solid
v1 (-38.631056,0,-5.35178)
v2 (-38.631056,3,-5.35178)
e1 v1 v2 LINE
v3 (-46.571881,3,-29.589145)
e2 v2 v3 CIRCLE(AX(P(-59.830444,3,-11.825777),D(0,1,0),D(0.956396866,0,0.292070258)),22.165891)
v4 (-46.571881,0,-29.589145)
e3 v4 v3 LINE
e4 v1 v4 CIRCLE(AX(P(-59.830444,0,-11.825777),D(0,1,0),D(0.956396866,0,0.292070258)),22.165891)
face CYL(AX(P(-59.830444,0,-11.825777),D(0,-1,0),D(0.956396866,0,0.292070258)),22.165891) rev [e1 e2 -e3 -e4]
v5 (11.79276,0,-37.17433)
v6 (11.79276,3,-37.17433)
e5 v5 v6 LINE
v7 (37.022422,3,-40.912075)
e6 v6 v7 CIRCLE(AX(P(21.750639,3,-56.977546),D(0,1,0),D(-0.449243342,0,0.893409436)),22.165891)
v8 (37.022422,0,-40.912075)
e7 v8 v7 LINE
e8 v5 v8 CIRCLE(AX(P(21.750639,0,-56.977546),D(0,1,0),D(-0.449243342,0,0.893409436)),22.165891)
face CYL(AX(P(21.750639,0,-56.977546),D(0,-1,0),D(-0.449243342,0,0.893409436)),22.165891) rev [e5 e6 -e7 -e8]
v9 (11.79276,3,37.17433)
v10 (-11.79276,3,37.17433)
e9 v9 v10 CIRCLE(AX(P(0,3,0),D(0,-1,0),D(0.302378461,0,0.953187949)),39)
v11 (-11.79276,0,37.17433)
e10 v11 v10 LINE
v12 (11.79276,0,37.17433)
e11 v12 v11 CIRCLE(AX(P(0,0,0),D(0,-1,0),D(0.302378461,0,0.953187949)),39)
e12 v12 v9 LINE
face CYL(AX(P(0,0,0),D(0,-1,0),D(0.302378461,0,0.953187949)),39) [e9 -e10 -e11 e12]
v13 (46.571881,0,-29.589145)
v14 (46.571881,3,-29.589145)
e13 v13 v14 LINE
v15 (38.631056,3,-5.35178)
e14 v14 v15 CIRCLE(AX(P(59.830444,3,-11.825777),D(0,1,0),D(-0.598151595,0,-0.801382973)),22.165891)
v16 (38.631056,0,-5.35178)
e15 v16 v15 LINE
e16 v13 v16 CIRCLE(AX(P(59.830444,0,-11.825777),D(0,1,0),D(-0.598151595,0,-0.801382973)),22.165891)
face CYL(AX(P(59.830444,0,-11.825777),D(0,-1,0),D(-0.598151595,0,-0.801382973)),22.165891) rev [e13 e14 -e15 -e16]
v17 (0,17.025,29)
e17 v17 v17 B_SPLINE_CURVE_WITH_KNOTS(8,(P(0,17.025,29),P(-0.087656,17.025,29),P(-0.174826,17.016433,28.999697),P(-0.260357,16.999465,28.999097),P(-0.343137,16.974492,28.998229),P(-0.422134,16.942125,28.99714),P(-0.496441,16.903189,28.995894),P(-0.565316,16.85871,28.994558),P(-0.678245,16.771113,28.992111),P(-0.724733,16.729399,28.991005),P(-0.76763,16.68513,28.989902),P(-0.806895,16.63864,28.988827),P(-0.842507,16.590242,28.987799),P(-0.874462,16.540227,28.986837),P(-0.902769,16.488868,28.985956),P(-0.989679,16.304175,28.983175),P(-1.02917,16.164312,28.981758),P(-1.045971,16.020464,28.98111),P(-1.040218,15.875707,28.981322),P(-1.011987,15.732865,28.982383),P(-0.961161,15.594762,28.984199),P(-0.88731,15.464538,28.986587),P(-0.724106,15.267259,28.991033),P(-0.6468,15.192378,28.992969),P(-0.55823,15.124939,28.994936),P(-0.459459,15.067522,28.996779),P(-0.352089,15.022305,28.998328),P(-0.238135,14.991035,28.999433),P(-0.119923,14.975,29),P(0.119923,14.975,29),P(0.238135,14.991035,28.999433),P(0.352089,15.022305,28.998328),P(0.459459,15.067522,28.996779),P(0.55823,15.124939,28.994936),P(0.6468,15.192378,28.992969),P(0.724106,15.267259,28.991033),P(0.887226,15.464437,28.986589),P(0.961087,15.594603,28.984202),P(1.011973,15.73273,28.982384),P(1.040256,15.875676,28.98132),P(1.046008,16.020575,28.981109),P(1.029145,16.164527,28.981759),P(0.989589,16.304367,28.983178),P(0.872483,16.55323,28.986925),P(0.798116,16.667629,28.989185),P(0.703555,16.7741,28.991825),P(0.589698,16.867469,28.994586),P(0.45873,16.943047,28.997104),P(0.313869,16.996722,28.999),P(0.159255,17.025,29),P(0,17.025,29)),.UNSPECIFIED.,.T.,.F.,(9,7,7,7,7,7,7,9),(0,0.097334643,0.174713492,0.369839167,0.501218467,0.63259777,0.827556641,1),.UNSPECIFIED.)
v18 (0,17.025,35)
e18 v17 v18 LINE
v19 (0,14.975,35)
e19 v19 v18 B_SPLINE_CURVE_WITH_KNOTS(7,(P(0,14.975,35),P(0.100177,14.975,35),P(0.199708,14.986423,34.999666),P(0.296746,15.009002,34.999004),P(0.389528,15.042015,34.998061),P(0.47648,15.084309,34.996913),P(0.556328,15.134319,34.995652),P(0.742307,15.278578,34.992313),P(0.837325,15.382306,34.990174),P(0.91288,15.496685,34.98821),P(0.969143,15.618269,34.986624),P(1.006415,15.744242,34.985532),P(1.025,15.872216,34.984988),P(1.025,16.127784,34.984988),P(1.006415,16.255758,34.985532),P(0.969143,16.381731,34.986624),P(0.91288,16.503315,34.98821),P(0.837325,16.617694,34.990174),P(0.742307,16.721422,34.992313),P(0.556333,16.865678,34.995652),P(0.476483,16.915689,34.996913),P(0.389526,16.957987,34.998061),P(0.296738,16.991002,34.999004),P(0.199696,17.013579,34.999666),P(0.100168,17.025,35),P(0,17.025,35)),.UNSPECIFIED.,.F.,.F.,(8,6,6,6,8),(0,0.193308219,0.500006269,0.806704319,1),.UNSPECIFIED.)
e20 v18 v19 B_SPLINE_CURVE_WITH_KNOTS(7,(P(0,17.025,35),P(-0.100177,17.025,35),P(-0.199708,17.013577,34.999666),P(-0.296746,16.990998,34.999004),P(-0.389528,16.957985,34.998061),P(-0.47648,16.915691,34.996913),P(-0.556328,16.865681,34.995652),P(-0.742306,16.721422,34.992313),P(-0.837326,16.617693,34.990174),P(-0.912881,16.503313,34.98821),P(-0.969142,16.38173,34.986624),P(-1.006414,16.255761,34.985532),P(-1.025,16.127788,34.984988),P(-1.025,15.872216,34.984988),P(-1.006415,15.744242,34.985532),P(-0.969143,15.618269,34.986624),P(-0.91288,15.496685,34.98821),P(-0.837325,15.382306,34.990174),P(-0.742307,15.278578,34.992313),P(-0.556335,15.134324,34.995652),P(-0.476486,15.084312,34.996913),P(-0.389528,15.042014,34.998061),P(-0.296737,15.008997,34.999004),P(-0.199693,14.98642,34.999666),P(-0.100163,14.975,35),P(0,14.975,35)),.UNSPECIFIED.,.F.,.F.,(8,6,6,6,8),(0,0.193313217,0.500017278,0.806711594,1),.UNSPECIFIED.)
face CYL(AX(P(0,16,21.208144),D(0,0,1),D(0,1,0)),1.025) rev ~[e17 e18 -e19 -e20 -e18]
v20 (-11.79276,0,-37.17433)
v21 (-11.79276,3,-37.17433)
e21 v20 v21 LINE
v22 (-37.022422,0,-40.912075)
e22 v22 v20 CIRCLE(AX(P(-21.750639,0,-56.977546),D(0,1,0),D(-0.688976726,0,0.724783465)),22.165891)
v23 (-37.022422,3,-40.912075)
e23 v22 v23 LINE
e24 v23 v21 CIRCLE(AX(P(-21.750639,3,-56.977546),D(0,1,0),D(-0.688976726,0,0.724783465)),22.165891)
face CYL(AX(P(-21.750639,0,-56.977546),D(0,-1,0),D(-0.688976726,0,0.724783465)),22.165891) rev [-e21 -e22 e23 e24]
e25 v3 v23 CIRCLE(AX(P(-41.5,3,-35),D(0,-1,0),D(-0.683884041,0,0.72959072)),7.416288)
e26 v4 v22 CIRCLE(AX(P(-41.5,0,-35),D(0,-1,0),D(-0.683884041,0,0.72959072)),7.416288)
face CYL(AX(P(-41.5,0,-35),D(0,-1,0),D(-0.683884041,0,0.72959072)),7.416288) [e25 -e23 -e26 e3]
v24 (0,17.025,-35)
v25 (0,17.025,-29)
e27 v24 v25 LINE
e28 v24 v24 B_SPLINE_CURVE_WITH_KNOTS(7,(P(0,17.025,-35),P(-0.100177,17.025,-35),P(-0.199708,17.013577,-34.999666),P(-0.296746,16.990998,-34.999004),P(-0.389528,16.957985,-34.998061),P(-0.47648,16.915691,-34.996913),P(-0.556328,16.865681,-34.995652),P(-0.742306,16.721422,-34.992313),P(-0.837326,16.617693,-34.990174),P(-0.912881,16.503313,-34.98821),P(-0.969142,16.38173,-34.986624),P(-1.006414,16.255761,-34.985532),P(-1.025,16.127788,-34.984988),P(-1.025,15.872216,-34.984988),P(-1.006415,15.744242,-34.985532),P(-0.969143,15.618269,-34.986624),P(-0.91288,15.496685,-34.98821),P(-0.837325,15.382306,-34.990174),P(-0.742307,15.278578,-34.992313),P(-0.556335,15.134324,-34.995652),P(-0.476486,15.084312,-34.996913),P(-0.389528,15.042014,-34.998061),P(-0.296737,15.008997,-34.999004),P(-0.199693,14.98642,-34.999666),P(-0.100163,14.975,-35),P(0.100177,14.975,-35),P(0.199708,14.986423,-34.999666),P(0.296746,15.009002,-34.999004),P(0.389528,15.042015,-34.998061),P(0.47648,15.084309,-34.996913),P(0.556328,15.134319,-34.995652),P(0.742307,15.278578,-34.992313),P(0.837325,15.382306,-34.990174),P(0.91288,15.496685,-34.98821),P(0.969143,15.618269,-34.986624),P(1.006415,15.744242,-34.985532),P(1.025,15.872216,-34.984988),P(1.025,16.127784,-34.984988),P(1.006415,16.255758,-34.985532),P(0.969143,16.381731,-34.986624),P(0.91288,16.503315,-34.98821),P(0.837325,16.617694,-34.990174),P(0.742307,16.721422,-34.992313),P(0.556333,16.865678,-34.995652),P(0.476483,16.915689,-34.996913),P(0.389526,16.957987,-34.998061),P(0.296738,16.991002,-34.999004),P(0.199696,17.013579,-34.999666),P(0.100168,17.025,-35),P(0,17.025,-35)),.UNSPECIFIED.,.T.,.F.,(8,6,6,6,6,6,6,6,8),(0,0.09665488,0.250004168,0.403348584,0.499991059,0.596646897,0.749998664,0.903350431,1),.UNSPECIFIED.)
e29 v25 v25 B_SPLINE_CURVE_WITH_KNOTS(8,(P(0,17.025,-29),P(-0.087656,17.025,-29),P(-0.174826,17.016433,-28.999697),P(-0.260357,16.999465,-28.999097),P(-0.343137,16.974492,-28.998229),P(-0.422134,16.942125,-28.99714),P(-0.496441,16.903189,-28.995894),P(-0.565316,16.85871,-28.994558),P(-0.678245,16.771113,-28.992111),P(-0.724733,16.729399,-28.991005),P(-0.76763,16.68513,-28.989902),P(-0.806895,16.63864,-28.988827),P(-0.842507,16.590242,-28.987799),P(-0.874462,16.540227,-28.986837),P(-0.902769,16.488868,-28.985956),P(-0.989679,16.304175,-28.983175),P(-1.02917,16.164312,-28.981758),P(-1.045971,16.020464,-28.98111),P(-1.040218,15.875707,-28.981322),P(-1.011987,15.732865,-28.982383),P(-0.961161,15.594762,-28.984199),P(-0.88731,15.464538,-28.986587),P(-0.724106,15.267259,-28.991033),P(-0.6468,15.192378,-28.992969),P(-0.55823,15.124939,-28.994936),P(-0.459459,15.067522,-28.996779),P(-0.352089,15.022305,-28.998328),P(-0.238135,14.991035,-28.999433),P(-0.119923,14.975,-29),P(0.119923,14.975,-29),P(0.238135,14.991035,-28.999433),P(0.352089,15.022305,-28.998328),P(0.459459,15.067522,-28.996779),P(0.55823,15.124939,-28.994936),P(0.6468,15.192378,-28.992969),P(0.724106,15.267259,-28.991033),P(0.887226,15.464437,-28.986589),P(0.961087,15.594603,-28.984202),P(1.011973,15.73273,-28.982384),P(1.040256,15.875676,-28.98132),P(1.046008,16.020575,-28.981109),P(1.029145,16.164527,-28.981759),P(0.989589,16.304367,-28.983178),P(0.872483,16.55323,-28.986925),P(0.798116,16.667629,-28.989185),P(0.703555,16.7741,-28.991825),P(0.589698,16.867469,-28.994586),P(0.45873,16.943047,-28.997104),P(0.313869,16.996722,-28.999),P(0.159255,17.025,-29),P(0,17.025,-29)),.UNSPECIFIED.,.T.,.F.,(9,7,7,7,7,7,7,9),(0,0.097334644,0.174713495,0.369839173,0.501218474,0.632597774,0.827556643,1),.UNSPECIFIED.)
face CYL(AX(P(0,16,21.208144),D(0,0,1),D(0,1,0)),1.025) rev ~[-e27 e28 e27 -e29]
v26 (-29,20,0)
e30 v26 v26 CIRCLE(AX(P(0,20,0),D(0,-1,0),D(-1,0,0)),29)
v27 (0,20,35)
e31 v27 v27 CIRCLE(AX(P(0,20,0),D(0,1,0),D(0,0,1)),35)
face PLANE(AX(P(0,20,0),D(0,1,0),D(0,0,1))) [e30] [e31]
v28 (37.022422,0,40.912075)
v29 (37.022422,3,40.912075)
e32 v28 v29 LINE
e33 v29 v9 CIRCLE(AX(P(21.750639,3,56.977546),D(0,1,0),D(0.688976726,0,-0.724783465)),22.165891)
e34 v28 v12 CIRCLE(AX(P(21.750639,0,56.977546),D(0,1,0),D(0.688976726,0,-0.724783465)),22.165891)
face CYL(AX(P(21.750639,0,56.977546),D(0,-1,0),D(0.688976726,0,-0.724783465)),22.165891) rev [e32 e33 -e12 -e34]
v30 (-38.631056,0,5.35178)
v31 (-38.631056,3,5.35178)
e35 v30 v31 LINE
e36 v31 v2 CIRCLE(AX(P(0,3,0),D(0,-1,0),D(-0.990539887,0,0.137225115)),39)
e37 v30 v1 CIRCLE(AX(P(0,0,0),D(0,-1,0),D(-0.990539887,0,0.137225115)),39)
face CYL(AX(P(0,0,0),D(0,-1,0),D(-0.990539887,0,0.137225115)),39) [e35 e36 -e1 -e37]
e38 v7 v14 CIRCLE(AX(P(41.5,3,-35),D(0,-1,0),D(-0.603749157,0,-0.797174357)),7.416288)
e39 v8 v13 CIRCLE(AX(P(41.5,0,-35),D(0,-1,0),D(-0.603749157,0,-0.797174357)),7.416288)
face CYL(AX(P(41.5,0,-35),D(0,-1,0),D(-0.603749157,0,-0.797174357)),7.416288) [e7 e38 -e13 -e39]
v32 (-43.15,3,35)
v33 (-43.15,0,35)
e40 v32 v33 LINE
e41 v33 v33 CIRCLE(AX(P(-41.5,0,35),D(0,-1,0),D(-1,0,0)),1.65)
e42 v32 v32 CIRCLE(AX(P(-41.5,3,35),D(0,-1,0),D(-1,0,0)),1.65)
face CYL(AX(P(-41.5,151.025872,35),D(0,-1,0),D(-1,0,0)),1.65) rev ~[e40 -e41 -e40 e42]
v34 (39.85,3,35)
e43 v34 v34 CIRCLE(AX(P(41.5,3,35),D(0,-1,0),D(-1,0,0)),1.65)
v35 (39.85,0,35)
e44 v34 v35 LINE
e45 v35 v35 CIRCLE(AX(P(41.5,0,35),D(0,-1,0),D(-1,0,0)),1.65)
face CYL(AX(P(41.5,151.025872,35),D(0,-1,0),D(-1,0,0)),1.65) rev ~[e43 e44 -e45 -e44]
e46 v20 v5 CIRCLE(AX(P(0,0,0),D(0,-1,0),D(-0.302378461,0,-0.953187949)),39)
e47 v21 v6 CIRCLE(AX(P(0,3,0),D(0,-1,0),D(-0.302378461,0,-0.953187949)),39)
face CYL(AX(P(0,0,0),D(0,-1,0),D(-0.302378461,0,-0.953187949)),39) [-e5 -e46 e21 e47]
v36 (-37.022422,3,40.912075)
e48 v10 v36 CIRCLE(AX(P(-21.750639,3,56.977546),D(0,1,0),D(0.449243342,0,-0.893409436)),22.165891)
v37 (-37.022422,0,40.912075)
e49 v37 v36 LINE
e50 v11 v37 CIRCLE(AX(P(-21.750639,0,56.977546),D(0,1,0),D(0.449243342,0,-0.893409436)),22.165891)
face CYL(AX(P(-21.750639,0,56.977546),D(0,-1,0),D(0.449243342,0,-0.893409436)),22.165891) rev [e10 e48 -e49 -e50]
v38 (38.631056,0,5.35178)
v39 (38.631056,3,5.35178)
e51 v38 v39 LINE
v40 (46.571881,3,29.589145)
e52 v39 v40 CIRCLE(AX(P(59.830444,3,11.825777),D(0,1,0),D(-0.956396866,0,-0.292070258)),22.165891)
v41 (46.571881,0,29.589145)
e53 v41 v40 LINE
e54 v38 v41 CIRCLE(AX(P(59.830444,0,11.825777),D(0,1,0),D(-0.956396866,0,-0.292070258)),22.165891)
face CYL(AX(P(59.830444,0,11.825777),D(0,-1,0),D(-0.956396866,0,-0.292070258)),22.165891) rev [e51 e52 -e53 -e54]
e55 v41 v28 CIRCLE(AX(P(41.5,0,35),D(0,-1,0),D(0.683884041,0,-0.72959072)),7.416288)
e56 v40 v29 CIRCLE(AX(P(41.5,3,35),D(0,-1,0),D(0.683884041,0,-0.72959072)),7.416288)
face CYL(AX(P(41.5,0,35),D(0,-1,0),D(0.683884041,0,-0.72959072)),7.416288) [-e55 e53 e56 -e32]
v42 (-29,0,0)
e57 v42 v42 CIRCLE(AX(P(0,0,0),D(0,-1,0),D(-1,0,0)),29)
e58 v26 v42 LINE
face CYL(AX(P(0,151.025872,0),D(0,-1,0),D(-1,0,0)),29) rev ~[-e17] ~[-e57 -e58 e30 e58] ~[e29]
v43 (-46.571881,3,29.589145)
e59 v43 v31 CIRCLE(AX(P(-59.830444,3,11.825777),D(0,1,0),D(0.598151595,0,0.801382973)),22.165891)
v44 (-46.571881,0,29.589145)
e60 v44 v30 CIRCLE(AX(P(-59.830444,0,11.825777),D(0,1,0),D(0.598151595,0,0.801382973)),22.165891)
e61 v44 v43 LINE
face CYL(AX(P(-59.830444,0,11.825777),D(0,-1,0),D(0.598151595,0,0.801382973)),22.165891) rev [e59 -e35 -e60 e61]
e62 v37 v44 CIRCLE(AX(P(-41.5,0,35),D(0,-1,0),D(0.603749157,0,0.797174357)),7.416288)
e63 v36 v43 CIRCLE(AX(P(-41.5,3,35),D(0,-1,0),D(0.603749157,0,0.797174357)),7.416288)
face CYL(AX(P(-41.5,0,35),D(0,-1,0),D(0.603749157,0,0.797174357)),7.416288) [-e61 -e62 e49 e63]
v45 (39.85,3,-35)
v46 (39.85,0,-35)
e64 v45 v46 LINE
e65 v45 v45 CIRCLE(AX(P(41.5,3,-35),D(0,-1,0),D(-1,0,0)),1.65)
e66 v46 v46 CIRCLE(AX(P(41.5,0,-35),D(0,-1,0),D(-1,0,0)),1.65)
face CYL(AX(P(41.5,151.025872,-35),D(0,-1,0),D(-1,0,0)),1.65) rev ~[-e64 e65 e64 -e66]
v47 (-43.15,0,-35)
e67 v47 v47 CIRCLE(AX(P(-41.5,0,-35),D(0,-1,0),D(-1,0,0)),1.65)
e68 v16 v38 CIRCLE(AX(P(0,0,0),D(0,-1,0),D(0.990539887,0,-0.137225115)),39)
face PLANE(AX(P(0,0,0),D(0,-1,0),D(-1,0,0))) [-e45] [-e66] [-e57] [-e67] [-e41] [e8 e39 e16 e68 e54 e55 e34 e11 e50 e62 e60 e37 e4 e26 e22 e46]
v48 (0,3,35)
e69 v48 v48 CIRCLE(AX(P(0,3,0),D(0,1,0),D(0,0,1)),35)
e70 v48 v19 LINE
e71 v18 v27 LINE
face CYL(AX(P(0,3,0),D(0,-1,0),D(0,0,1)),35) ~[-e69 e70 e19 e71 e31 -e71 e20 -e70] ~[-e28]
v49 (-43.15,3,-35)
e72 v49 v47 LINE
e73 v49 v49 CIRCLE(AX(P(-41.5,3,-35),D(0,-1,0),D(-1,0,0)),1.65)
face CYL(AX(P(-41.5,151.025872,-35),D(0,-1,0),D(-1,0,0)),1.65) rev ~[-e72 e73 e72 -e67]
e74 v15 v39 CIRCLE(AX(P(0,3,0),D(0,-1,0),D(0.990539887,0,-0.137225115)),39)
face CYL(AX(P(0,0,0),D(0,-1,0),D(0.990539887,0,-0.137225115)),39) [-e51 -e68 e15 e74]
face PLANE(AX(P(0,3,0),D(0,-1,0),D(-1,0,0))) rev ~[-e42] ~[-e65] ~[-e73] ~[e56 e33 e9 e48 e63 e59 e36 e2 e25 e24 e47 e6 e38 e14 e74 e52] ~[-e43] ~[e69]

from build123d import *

# Parameters (mm, degrees)
EXTRUDE_2_DEPTH     = 3
SKETCH_2_R          = 35
EXTRUDE_3_DEPTH     = 17
SKETCH_10_W         = 1.025
SKETCH_10_H         = 42.416288383
HOLE_WIZARD_M4_2_D  = 3.3
HOLE_WIZARD_M64_1_D = 58


with BuildPart() as part:
    # 草图1 → 凸台-拉伸2 (new body)
    with BuildSketch(Plane(origin=(0, 0, 0), x_dir=(1, 0, 0), z_dir=(0, 1, 0))):
        with BuildLine():
            ThreePointArc((37.022422142, 40.912074924), (47.169257948, 39.781301884), (46.571881267, 29.589144819))
            ThreePointArc((46.571881267, 29.589144819), (38.766254834, 18.72698333), (38.631055592, 5.351779505))
            ThreePointArc((38.631055592, 5.351779505), (39, 0), (38.631055592, -5.351779505))
            ThreePointArc((38.631055592, -5.351779505), (38.766254834, -18.72698333), (46.571881267, -29.589144819))
            ThreePointArc((46.571881267, -29.589144819), (47.169257948, -39.781301884), (37.022422142, -40.912074924))
            ThreePointArc((37.022422142, -40.912074924), (24.999035301, -35.050972205), (11.792759981, -37.174330014))
            ThreePointArc((11.792759981, -37.174330014), (0, -39), (-11.792759981, -37.174330014))
            ThreePointArc((-11.792759981, -37.174330014), (-24.999035301, -35.050972205), (-37.022422142, -40.912074924))
            ThreePointArc((-37.022422142, -40.912074924), (-47.169257948, -39.781301884), (-46.571881267, -29.589144819))
            ThreePointArc((-46.571881267, -29.589144819), (-38.766254834, -18.72698333), (-38.631055592, -5.351779505))
            ThreePointArc((-38.631055592, -5.351779505), (-39, 0), (-38.631055592, 5.351779505))
            ThreePointArc((-38.631055592, 5.351779505), (-38.766254834, 18.72698333), (-46.571881267, 29.589144819))
            ThreePointArc((-46.571881267, 29.589144819), (-47.169257948, 39.781301884), (-37.022422142, 40.912074924))
            ThreePointArc((-37.022422142, 40.912074924), (-24.999035301, 35.050972205), (-11.792759981, 37.174330014))
            ThreePointArc((-11.792759981, 37.174330014), (0, 39), (11.792759981, 37.174330014))
            ThreePointArc((11.792759981, 37.174330014), (24.999035301, 35.050972205), (37.022422142, 40.912074924))
        make_face()
    extrude(amount=EXTRUDE_2_DEPTH)

    # 草图2 → 凸台-拉伸3 (add)
    with BuildSketch(Plane(origin=(0, 3, 0), x_dir=(1, 0, 0), z_dir=(0, 1, 0))):
        with Locations(Location((0, 0, 0), (0, 0, 270))):
            Circle(SKETCH_2_R)
    extrude(amount=EXTRUDE_3_DEPTH)

    # 草图10 → M2.5 螺纹孔1 (revolve, cut)
    with BuildSketch(Plane(origin=(0, 16, 0), x_dir=(0, 1, 0), z_dir=(1, 0, 0))):
        with Locations((0.5125, 21.208144192)):
            Rectangle(SKETCH_10_W, SKETCH_10_H)
    hole_wizard_m2_5_1 = revolve(axis=Axis((0, 16, -6.35), (0, 0, 1)), mode=Mode.SUBTRACT)

    # 镜向3: M2.5 螺纹孔1 across plane
    add(hole_wizard_m2_5_1.mirror(Plane.XY), mode=Mode.SUBTRACT)

    # M4 螺纹孔2 (through all)
    with Locations(Plane(origin=(0, 20, 0), x_dir=(1, 0, 0), z_dir=(0, 1, 0))):
        with Locations((-41.5, 35), (-41.5, -35), (41.5, -35), (41.5, 35)):
            Hole(HOLE_WIZARD_M4_2_D / 2)

    # M64 螺纹孔1 (through all)
    with Locations(Plane(origin=(0, 20, 0), x_dir=(1, 0, 0), z_dir=(0, 1, 0))):
        with Locations((0, 0)):
            Hole(HOLE_WIZARD_M64_1_D / 2)


solid = part.part
